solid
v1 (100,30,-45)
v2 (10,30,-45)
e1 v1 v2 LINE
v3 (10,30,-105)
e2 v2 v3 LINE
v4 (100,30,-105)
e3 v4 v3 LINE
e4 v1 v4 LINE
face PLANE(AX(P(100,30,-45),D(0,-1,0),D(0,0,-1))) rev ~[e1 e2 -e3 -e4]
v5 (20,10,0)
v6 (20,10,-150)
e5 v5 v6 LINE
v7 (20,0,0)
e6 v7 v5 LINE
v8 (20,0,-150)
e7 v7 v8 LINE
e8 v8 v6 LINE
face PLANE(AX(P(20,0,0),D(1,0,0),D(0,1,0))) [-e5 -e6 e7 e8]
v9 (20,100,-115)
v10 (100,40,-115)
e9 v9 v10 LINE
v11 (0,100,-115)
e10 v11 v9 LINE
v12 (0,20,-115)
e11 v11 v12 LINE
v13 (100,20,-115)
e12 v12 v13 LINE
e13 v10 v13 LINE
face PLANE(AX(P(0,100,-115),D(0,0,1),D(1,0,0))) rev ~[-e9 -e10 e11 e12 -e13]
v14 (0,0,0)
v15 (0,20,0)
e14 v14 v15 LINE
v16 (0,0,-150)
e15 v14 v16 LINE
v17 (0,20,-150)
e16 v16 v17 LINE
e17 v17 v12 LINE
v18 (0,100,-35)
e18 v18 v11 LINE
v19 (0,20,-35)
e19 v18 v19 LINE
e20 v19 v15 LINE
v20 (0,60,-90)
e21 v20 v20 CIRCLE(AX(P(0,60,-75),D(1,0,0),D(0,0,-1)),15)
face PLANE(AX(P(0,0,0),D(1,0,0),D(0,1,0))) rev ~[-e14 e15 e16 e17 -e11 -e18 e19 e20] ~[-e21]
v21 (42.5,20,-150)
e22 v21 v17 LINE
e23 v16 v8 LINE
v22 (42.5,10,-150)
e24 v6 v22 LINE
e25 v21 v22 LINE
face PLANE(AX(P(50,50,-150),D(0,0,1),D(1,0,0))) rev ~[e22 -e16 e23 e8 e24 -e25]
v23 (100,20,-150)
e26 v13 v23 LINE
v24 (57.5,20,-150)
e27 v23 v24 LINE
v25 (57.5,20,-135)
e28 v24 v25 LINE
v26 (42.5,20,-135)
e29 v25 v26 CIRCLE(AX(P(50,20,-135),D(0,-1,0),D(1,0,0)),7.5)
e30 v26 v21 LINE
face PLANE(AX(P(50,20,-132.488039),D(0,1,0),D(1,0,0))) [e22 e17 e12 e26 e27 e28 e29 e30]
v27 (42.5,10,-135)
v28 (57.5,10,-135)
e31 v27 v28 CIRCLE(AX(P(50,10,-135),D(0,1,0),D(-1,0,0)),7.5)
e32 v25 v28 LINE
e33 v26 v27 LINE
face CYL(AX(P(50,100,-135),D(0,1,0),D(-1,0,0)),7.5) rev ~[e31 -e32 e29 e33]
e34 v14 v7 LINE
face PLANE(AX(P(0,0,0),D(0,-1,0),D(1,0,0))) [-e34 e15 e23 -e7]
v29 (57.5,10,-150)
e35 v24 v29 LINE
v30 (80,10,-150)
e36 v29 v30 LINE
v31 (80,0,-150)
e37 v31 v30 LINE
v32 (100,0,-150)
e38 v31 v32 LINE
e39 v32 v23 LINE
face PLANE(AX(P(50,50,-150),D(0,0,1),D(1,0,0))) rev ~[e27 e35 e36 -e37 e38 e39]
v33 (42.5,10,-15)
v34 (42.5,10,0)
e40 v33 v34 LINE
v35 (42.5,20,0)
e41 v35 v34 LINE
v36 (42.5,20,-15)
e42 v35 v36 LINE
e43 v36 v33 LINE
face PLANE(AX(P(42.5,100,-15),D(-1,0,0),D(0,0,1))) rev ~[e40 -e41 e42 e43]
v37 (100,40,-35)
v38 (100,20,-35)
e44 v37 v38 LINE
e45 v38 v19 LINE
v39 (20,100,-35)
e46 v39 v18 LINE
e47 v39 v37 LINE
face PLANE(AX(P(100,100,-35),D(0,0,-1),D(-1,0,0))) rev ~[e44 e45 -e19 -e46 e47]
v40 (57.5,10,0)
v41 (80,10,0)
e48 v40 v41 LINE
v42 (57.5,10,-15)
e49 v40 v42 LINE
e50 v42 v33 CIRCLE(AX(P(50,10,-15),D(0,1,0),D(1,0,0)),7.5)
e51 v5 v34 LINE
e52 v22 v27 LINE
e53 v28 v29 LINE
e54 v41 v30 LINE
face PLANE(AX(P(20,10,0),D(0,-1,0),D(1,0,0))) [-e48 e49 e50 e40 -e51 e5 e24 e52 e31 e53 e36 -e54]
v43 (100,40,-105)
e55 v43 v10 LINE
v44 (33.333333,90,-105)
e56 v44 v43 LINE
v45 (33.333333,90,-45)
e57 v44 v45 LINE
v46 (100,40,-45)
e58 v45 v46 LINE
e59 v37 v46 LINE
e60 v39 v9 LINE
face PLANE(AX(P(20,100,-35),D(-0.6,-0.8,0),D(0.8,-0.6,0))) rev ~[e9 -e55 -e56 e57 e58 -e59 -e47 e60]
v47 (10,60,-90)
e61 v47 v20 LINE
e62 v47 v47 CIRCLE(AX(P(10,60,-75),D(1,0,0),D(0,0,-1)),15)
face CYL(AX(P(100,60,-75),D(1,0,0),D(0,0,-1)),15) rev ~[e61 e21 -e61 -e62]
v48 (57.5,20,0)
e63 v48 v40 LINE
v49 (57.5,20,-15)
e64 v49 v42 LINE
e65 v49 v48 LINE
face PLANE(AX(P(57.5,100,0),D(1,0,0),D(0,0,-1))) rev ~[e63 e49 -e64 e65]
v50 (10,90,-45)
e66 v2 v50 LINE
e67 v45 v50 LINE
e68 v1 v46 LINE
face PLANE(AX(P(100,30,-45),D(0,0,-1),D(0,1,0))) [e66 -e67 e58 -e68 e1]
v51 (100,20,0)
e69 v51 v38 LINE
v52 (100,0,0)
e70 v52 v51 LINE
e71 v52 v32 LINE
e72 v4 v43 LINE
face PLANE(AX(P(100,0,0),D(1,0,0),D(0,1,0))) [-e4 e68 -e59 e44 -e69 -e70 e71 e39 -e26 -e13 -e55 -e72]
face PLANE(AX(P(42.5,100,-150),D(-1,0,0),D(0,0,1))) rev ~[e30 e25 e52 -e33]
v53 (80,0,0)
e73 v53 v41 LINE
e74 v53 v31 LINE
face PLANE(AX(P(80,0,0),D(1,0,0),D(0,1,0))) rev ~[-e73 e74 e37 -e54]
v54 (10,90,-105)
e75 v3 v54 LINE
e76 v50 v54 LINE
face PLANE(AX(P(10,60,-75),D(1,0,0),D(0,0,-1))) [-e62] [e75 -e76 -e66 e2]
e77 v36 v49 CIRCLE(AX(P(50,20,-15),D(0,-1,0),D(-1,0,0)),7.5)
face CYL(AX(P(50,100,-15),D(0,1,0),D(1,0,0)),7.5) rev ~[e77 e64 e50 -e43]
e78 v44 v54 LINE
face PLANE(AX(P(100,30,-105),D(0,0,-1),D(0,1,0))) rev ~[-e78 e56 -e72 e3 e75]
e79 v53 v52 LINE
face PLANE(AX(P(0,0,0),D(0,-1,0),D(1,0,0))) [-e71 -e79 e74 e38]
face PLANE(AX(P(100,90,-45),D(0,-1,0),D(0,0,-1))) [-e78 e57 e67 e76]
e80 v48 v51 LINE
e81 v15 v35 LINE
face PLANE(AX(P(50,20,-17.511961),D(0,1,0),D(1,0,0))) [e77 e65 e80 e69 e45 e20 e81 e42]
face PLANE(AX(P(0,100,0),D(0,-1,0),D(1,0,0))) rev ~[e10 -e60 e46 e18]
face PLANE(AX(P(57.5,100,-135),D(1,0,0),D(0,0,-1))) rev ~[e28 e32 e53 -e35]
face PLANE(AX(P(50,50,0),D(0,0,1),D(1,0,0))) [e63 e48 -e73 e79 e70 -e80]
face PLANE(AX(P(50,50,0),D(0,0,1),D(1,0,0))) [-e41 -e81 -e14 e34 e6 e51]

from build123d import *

# Parameters (mm, degrees)
SKETCH1_W           = 100
SKETCH1_H           = 100
BOSS_EXTRUDE2_DEPTH = 150
CUT_EXTRUDE1_DEPTH  = 80
CUT_EXTRUDE2_DEPTH  = 103
SKETCH3_W           = 60
SKETCH3_H           = 10
CUT_EXTRUDE3_DEPTH  = 178
CUT_EXTRUDE4_DEPTH  = 81
SKETCH5_W           = 60
SKETCH5_H           = 60
SKETCH5_R           = 15
CUT_EXTRUDE5_DEPTH  = 90
SKETCH6_R           = 15
CUT_EXTRUDE6_DEPTH  = 128


with BuildPart() as part:
    # Sketch1 → Boss-Extrude2 (new body)
    with BuildSketch(Plane.XY):
        with Locations((50, 50)):
            Rectangle(SKETCH1_W, SKETCH1_H)
    extrude(amount=-BOSS_EXTRUDE2_DEPTH)

    # Sketch2 → Cut-Extrude1 (cut)
    with BuildSketch(Plane(origin=(0, 100, 0), x_dir=(1, 0, 0), z_dir=(0, 1, 0))):
        with BuildLine():
            Line((100, 35), (0, 35))
            Line((0, 35), (0, 0))
            Line((0, 0), (42.5, 0))
            Line((42.5, 0), (42.5, 15))
            ThreePointArc((42.5, 15), (50, 22.5), (57.5, 15))
            Line((57.5, 15), (57.5, 0))
            Line((57.5, 0), (100, 0))
            Line((100, 0), (100, 35))
        make_face()
        with BuildLine():
            ThreePointArc((57.5, 135), (50, 127.5), (42.5, 135))
            Line((42.5, 135), (42.5, 150))
            Line((42.5, 150), (0, 150))
            Line((0, 150), (0, 115))
            Line((0, 115), (100, 115))
            Line((100, 115), (100, 150))
            Line((100, 150), (57.5, 150))
            Line((57.5, 150), (57.5, 135))
        make_face()
    extrude(amount=-CUT_EXTRUDE1_DEPTH, mode=Mode.SUBTRACT)

    # Sketch2<3> → Cut-Extrude2 (cut)
    with BuildSketch(Plane(origin=(0, 100, 0), x_dir=(1, 0, 0), z_dir=(0, 1, 0))):
        with BuildLine():
            Line((57.5, 0), (57.5, 15))
            ThreePointArc((57.5, 15), (50, 22.5), (42.5, 15))
            Line((42.5, 15), (42.5, 0))
            Line((42.5, 0), (57.5, 0))
        make_face()
        with BuildLine():
            Line((42.5, 150), (42.5, 135))
            ThreePointArc((42.5, 135), (50, 127.5), (57.5, 135))
            Line((57.5, 135), (57.5, 150))
            Line((57.5, 150), (42.5, 150))
        make_face()
    extrude(amount=-CUT_EXTRUDE2_DEPTH, mode=Mode.SUBTRACT)

    # Sketch3 → Cut-Extrude3 (cut)
    with BuildSketch(Plane.XY):
        with Locations((50, 5)):
            Rectangle(SKETCH3_W, SKETCH3_H)
    extrude(amount=-CUT_EXTRUDE3_DEPTH, mode=Mode.SUBTRACT)

    # Sketch4 → Cut-Extrude4 (cut)
    with BuildSketch(Plane.XY.offset(-35)):
        Polygon((100, 100), (20, 100), (100, 40), align=None)
    extrude(amount=-CUT_EXTRUDE4_DEPTH, mode=Mode.SUBTRACT)

    # Sketch5 → Cut-Extrude5 (cut)
    with BuildSketch(Plane(origin=(100, 0, 0), x_dir=(0, 0, -1), z_dir=(1, 0, 0))):
        with Locations((75, 60)):
            Rectangle(SKETCH5_W, SKETCH5_H)
        with Locations((75, 60)):
            Circle(SKETCH5_R, mode=Mode.SUBTRACT)
    extrude(amount=-CUT_EXTRUDE5_DEPTH, mode=Mode.SUBTRACT)

    # Sketch6 → Cut-Extrude6 (cut)
    with BuildSketch(Plane(origin=(100, 0, 0), x_dir=(0, 0, -1), z_dir=(1, 0, 0))):
        with Locations((75, 60)):
            Circle(SKETCH6_R)
    extrude(amount=-CUT_EXTRUDE6_DEPTH, mode=Mode.SUBTRACT)


solid = part.part
